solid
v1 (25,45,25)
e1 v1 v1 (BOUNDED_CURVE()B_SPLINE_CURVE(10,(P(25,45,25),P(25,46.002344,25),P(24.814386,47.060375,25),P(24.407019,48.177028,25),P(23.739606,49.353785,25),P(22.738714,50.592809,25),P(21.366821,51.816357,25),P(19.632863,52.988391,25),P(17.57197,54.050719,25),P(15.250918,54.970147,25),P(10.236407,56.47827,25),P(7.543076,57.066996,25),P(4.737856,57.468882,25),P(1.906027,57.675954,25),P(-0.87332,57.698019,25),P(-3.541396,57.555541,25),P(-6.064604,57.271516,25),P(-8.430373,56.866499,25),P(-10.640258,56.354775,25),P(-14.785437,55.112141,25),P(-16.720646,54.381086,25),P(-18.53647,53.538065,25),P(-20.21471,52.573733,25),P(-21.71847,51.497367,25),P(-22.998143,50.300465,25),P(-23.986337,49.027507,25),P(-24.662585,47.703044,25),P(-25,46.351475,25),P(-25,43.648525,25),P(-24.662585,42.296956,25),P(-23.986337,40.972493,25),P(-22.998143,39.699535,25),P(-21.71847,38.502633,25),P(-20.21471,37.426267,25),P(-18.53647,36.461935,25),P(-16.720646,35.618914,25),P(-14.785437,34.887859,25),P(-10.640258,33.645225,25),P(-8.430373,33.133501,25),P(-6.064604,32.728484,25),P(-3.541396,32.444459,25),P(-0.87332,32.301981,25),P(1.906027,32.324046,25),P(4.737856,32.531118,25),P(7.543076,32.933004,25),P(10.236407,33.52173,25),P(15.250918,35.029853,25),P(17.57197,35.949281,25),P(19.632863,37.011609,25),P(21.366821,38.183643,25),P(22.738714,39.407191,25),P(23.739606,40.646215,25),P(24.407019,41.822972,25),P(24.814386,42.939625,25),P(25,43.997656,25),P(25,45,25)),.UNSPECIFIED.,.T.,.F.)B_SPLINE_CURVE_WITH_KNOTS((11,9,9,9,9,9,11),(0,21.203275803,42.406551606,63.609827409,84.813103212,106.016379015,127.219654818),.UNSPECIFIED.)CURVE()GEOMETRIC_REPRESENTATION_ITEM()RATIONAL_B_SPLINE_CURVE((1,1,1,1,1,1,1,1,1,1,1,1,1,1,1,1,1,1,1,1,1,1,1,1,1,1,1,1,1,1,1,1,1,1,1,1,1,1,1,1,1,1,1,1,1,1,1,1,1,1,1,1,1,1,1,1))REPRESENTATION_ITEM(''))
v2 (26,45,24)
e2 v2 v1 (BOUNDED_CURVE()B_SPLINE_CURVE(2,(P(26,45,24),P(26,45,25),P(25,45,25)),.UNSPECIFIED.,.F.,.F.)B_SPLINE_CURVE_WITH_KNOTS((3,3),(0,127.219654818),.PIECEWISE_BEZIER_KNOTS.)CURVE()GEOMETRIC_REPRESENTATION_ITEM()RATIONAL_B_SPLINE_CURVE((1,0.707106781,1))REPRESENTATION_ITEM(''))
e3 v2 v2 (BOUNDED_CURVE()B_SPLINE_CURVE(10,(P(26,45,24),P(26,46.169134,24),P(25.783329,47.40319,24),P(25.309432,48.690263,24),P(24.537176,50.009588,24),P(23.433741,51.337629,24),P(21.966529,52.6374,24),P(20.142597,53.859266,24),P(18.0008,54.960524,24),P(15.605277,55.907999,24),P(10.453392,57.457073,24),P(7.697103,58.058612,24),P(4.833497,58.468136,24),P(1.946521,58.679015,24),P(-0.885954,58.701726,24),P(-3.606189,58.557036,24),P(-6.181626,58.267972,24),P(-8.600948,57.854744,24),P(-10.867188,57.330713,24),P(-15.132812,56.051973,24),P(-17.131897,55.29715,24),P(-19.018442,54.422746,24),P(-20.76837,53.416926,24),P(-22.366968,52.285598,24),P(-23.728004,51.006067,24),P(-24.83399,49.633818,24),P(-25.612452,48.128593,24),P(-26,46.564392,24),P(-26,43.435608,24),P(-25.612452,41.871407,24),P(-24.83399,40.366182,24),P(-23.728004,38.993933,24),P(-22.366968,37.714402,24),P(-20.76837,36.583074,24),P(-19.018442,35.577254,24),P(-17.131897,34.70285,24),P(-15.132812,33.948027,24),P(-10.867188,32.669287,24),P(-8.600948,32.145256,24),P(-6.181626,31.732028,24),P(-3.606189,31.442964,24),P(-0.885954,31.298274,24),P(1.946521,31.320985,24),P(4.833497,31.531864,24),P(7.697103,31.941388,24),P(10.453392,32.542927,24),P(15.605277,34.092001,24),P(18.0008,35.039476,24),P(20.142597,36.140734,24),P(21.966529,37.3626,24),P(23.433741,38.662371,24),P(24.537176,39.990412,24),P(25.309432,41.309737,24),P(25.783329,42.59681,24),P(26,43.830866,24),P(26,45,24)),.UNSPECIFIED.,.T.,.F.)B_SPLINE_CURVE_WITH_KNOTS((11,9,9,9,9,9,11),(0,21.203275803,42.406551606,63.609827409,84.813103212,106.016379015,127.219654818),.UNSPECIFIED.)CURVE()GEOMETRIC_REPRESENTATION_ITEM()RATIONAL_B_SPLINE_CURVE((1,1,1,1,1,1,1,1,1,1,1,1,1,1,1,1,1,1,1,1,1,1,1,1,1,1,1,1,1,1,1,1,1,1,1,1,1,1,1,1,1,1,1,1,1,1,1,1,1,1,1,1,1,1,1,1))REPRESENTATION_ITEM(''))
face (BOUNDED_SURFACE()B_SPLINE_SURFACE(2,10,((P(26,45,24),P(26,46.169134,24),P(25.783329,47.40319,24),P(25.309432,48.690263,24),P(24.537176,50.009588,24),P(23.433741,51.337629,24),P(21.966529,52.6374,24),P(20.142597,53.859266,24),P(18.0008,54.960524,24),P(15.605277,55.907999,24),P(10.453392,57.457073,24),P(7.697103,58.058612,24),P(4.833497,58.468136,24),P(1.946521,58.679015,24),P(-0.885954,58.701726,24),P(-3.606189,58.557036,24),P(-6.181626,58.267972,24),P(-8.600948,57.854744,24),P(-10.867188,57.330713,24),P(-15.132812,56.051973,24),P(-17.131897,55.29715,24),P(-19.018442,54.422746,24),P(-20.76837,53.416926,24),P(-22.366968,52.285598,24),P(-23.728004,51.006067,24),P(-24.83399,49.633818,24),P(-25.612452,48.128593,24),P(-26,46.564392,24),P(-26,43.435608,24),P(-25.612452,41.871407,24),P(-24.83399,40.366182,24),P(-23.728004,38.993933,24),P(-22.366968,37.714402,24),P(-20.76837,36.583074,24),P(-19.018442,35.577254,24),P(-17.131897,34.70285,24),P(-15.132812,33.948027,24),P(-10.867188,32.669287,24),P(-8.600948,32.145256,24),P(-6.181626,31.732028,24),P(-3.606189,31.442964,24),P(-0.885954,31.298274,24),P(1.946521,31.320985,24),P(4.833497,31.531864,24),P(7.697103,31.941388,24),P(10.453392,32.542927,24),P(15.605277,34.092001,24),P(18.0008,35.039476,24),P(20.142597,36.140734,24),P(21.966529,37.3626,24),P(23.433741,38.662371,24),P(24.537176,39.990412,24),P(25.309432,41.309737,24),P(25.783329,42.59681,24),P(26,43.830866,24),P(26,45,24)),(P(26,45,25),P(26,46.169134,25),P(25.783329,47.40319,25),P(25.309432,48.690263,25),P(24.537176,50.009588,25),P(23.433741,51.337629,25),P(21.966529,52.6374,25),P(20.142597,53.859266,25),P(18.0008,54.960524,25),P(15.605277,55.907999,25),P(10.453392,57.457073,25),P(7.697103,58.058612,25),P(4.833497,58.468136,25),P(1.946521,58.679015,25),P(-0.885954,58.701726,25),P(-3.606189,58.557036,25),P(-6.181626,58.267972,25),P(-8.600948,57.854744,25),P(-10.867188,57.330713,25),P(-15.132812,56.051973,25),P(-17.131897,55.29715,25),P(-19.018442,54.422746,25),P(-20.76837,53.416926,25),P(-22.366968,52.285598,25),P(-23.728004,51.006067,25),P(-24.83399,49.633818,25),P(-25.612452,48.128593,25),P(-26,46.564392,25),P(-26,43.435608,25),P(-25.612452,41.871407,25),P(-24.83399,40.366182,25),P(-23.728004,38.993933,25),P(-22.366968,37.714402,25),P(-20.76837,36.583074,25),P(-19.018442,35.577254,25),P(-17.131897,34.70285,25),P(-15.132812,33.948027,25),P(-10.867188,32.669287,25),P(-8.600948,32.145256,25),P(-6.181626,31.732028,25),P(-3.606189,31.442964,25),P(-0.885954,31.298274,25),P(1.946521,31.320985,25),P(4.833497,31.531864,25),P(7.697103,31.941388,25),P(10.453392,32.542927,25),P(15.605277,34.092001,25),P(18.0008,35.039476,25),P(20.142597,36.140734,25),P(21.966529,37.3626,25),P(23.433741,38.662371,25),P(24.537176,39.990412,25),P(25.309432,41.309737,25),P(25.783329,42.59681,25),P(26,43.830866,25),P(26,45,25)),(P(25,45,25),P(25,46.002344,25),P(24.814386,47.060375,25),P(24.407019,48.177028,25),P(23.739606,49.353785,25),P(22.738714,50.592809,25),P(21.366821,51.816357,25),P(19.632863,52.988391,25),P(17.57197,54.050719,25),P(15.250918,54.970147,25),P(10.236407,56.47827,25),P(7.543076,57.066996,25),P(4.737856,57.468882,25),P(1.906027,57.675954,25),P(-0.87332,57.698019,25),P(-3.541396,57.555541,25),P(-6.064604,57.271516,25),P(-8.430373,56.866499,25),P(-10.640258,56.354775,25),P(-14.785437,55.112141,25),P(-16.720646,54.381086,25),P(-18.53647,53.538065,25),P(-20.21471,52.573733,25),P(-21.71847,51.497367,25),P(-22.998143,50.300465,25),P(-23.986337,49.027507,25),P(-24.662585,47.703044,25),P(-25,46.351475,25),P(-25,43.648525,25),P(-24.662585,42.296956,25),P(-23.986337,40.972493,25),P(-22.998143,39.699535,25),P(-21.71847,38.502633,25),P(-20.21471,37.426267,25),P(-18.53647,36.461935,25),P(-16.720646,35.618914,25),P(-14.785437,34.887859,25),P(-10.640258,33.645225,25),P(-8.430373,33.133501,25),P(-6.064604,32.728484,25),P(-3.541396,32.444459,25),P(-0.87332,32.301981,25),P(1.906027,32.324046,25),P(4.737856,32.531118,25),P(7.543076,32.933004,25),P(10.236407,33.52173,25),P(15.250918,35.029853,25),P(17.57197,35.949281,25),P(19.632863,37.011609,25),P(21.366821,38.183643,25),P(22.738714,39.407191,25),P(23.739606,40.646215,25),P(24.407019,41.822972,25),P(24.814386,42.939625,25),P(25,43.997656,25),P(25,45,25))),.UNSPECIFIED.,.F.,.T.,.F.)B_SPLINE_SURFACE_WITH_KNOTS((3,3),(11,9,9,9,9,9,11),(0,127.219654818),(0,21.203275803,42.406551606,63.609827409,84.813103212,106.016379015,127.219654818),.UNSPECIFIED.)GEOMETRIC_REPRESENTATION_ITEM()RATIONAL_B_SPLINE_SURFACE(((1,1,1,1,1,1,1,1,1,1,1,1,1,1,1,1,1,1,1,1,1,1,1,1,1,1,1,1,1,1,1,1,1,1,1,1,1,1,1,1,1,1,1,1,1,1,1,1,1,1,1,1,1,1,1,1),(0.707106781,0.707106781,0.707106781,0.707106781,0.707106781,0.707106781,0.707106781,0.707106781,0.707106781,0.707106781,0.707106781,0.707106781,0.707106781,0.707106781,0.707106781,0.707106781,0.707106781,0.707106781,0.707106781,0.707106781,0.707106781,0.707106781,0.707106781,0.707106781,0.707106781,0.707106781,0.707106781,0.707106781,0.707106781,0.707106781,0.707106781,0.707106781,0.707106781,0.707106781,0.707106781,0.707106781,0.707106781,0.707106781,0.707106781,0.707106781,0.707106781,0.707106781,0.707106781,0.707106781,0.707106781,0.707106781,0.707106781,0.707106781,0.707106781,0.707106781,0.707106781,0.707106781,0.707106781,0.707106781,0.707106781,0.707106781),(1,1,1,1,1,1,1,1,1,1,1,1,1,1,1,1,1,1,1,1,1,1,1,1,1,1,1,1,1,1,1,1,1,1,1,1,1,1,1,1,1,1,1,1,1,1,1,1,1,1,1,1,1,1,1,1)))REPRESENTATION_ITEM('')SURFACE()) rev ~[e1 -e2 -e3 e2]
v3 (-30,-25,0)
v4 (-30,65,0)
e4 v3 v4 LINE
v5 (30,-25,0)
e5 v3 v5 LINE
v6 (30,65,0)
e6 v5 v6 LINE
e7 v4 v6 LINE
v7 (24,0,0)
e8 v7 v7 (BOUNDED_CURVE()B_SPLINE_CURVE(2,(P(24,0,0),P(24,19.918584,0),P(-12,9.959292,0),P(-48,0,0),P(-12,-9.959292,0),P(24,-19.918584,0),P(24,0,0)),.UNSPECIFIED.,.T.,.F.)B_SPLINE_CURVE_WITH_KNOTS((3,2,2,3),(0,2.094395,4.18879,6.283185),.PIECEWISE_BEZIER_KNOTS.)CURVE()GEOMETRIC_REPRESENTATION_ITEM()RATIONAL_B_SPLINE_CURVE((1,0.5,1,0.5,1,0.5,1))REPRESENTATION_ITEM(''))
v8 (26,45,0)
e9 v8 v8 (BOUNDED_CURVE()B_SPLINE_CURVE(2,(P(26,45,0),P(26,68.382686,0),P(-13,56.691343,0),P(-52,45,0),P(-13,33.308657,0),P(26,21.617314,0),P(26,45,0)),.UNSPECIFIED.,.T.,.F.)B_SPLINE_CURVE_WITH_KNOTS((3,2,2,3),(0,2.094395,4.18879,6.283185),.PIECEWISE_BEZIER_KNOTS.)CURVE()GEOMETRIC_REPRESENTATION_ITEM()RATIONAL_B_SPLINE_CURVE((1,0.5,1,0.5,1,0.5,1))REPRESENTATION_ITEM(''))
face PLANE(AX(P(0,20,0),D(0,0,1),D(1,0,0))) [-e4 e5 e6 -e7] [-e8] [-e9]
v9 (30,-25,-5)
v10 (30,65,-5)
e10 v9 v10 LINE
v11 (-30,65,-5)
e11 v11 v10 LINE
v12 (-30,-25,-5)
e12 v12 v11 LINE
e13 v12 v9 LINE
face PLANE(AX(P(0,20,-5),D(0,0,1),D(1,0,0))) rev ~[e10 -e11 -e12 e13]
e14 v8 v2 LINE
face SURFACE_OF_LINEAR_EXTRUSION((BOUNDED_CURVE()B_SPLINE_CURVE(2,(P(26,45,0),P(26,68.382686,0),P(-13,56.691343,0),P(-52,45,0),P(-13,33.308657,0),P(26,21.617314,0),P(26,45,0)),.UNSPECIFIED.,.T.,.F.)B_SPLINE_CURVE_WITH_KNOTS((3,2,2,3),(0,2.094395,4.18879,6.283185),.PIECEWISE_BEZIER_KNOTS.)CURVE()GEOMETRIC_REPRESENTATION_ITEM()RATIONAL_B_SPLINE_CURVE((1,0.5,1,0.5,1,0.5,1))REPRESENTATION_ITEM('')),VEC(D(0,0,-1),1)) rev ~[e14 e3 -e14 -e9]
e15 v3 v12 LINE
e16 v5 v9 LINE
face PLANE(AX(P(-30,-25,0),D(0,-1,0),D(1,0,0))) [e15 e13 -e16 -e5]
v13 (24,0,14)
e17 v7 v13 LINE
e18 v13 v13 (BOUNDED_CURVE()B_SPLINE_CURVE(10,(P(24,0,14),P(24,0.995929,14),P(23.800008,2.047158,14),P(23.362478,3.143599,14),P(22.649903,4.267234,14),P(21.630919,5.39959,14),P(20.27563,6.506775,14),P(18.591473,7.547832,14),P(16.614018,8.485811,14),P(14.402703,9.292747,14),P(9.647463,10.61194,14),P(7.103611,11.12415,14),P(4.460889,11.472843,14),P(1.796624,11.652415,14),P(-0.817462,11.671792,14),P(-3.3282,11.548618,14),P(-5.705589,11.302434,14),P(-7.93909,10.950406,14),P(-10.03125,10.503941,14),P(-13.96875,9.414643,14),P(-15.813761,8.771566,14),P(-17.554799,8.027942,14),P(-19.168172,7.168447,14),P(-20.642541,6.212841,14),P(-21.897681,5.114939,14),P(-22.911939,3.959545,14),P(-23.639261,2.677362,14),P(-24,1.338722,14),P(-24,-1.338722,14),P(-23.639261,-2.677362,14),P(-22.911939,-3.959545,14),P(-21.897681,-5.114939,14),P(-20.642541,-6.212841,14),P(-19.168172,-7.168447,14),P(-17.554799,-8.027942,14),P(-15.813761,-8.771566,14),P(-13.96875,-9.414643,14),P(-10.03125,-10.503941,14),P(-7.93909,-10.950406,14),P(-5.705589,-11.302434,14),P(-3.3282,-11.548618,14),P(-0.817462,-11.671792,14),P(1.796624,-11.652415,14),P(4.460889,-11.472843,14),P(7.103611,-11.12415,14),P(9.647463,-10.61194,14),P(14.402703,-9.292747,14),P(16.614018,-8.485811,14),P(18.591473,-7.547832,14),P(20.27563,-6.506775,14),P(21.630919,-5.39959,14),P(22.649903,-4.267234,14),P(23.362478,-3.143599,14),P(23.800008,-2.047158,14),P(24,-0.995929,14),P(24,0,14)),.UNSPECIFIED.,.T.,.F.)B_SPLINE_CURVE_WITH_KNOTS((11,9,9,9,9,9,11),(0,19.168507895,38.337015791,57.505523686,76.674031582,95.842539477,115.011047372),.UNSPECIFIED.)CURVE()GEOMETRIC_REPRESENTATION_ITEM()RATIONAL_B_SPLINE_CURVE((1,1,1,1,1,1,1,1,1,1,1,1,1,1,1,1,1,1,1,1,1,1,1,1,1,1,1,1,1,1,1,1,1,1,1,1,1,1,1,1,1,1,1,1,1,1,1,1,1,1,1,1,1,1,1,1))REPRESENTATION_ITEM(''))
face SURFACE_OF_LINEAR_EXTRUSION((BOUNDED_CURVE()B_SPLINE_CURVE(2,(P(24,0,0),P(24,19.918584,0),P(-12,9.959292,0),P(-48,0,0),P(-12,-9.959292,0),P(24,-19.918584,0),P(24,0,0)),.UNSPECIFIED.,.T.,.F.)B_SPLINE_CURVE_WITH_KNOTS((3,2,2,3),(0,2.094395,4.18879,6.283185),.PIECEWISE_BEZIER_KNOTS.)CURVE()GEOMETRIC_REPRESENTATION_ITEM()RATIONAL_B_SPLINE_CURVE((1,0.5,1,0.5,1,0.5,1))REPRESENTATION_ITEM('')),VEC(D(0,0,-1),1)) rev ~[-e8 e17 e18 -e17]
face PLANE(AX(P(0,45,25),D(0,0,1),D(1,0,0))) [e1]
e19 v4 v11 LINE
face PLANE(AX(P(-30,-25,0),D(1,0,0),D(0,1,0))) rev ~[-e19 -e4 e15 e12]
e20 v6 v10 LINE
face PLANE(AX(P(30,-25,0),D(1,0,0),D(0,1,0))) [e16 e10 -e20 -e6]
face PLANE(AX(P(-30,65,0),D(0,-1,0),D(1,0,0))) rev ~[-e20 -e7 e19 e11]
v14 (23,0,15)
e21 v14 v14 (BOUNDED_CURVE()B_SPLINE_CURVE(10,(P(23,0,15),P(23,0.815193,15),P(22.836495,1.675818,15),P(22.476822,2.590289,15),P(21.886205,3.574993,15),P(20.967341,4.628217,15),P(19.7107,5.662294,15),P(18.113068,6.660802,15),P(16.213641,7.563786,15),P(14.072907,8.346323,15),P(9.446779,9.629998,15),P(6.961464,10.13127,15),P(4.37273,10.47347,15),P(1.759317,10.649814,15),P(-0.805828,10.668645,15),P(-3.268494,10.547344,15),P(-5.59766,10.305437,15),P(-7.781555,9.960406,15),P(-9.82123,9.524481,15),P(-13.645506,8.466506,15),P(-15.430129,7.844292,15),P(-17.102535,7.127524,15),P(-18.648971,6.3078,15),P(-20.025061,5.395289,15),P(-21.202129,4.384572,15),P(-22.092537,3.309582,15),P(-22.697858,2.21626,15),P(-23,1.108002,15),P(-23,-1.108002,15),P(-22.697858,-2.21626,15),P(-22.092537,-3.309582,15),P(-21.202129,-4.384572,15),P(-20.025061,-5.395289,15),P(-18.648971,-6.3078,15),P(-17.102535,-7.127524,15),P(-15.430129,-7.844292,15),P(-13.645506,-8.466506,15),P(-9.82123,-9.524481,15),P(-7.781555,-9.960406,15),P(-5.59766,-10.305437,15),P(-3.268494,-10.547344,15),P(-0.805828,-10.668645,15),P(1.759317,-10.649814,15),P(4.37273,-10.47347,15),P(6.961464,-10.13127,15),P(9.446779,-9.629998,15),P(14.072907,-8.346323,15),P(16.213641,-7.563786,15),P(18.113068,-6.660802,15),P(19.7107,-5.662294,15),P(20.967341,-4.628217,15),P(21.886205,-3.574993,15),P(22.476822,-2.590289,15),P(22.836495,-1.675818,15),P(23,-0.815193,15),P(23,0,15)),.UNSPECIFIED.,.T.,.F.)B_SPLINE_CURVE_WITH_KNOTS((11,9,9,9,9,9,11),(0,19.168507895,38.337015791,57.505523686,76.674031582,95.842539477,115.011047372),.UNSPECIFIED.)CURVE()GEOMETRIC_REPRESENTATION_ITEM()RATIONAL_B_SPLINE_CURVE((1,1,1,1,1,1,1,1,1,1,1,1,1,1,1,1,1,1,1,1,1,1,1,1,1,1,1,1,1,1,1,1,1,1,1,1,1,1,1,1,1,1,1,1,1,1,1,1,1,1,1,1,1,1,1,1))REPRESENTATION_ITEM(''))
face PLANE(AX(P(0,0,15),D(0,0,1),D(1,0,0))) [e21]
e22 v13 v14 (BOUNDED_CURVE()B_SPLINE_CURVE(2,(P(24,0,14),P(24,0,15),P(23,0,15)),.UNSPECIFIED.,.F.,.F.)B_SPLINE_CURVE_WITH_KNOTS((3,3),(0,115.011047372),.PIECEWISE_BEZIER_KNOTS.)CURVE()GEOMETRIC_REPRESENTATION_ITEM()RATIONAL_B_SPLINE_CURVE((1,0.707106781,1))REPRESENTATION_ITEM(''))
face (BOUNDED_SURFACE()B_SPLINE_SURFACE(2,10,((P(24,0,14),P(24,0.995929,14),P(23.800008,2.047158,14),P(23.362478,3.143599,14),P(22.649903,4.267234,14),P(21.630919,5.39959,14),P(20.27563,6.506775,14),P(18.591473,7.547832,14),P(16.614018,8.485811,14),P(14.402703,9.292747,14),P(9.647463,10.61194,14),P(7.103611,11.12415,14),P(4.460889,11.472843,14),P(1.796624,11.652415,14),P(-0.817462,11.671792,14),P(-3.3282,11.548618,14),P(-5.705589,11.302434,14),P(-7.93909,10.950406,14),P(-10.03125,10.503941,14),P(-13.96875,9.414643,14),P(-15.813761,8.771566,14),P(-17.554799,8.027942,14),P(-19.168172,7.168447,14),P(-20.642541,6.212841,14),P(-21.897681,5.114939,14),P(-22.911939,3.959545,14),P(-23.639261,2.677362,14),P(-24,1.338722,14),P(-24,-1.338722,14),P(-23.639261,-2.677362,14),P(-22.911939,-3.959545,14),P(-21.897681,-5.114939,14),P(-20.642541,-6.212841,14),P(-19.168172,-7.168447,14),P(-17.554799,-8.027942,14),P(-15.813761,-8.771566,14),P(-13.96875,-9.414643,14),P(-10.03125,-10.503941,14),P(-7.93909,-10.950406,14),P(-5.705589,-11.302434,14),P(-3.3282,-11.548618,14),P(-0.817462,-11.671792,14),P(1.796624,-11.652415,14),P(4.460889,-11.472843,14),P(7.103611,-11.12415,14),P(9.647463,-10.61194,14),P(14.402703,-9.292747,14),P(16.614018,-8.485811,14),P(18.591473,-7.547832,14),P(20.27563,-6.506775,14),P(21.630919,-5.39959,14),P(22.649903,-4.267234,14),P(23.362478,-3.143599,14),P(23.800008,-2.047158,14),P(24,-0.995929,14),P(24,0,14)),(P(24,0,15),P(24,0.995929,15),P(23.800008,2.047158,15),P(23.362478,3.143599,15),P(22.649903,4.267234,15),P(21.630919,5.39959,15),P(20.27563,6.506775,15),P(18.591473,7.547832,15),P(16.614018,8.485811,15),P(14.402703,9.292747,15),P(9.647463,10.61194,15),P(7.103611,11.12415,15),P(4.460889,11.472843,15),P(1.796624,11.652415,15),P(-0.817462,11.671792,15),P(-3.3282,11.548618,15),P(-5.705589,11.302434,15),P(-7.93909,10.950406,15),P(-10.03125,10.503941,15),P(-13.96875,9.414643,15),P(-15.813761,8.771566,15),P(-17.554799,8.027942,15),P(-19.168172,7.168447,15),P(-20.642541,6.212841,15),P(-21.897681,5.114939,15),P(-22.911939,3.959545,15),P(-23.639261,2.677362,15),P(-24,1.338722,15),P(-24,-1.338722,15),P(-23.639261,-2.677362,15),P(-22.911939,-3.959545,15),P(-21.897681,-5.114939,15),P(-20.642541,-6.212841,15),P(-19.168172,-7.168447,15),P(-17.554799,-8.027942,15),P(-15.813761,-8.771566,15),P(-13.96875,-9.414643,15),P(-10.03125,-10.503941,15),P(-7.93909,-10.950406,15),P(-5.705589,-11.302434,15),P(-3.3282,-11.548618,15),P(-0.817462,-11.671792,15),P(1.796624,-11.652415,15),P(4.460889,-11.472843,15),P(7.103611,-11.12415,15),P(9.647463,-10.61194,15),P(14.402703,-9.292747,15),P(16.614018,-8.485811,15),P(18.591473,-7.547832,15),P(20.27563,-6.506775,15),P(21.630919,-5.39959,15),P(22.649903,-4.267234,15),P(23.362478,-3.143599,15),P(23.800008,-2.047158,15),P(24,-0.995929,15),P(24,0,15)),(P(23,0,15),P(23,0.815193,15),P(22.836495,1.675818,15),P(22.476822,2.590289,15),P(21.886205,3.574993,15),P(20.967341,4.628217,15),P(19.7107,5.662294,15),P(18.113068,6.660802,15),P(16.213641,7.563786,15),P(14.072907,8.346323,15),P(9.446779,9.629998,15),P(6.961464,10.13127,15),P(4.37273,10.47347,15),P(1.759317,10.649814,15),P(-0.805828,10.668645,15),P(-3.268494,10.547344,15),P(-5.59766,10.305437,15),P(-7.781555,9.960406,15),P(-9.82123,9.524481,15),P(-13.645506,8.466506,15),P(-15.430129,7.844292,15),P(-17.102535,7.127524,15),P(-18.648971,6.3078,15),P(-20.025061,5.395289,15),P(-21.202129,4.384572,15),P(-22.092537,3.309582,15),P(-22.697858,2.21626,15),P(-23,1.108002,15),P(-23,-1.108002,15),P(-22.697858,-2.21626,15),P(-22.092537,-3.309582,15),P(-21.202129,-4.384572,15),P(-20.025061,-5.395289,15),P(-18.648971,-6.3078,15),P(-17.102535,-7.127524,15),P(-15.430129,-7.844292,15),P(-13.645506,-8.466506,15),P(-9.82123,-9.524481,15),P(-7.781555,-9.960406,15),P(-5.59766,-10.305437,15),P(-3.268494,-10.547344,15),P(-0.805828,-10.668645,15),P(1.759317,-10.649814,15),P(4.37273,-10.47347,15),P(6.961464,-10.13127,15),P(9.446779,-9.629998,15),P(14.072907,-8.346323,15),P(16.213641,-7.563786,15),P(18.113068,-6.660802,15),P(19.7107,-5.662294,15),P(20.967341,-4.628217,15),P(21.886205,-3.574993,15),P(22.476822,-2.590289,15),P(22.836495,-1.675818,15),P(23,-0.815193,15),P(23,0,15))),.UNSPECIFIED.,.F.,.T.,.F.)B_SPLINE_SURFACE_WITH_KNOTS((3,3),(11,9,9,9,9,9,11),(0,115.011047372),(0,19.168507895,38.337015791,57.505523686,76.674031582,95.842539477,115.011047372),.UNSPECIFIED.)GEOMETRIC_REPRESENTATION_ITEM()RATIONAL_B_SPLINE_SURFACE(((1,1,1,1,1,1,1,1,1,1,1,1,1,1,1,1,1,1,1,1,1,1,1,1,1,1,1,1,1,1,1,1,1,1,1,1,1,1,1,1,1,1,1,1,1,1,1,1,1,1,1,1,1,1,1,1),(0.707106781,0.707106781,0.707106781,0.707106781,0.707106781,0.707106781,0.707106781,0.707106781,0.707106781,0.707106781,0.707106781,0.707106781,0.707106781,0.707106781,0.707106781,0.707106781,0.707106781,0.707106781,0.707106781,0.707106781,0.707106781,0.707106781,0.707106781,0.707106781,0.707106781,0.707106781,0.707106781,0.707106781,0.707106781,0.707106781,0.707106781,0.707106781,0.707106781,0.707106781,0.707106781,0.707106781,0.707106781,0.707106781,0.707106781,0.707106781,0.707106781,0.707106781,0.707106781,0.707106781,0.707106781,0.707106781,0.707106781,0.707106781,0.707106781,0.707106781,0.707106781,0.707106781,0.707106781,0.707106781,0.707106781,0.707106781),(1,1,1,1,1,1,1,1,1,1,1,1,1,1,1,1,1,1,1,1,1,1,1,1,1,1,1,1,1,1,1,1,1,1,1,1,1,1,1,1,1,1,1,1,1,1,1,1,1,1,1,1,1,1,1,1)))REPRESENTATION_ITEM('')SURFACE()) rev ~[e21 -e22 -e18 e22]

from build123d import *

# Parameters (mm, degrees)
F1_DEPTH = 15
F3_DEPTH = 25
F4_R     = 1
F4_2_R   = 1
F5_W     = 60
F5_H     = 90
F6_DEPTH = 5


with BuildPart() as f1:
    # F0 (on Top) → F1 (new body)
    with BuildSketch(Plane.XY):
        with BuildLine():
            add(Edge.make_bspline(
                [(24, 0), (24, 19.918584), (-12, 9.959292), (-48, 0), (-12, -9.959292), (24, -19.918584), (24, 0)],
                knots=[0, 0, 0, 2.094395, 2.094395, 4.18879, 4.18879, 6.283185, 6.283185, 6.283185], degree=2, weights=[1, 0.5, 1, 0.5, 1, 0.5, 1]))
        make_face()
    extrude(amount=F1_DEPTH)

    # F4
    f4_edges = [f1.edges().sort_by_distance(p)[0] for p in [
        (-24, 5e-06, 15),
    ]]
    fillet(f4_edges, radius=F4_R)



with BuildPart() as f3:
    # F2 (on Top) → F3 (new body)
    with BuildSketch(Plane.XY):
        with BuildLine():
            add(Edge.make_bspline(
                [(26, 45), (26, 68.382686), (-13, 56.691343), (-52, 45), (-13, 33.308657), (26, 21.617314), (26, 45)],
                knots=[0, 0, 0, 2.094395, 2.094395, 4.18879, 4.18879, 6.283185, 6.283185, 6.283185], degree=2, weights=[1, 0.5, 1, 0.5, 1, 0.5, 1]))
        make_face()
    extrude(amount=F3_DEPTH)

    # F4#2
    f4_2_edges = [f3.edges().sort_by_distance(p)[0] for p in [
        (-26, 45.000002, 25),
    ]]
    fillet(f4_2_edges, radius=F4_2_R)


with BuildPart() as f1_1:
    add(f1.part)

    add(f3.part)  # F6 merges F3
    # F5 (on Top) → F6 (join)
    with BuildSketch(Plane.XY):
        with Locations((0, 20)):
            Rectangle(F5_W, F5_H)
    extrude(amount=-F6_DEPTH)


solid = f1_1.part
